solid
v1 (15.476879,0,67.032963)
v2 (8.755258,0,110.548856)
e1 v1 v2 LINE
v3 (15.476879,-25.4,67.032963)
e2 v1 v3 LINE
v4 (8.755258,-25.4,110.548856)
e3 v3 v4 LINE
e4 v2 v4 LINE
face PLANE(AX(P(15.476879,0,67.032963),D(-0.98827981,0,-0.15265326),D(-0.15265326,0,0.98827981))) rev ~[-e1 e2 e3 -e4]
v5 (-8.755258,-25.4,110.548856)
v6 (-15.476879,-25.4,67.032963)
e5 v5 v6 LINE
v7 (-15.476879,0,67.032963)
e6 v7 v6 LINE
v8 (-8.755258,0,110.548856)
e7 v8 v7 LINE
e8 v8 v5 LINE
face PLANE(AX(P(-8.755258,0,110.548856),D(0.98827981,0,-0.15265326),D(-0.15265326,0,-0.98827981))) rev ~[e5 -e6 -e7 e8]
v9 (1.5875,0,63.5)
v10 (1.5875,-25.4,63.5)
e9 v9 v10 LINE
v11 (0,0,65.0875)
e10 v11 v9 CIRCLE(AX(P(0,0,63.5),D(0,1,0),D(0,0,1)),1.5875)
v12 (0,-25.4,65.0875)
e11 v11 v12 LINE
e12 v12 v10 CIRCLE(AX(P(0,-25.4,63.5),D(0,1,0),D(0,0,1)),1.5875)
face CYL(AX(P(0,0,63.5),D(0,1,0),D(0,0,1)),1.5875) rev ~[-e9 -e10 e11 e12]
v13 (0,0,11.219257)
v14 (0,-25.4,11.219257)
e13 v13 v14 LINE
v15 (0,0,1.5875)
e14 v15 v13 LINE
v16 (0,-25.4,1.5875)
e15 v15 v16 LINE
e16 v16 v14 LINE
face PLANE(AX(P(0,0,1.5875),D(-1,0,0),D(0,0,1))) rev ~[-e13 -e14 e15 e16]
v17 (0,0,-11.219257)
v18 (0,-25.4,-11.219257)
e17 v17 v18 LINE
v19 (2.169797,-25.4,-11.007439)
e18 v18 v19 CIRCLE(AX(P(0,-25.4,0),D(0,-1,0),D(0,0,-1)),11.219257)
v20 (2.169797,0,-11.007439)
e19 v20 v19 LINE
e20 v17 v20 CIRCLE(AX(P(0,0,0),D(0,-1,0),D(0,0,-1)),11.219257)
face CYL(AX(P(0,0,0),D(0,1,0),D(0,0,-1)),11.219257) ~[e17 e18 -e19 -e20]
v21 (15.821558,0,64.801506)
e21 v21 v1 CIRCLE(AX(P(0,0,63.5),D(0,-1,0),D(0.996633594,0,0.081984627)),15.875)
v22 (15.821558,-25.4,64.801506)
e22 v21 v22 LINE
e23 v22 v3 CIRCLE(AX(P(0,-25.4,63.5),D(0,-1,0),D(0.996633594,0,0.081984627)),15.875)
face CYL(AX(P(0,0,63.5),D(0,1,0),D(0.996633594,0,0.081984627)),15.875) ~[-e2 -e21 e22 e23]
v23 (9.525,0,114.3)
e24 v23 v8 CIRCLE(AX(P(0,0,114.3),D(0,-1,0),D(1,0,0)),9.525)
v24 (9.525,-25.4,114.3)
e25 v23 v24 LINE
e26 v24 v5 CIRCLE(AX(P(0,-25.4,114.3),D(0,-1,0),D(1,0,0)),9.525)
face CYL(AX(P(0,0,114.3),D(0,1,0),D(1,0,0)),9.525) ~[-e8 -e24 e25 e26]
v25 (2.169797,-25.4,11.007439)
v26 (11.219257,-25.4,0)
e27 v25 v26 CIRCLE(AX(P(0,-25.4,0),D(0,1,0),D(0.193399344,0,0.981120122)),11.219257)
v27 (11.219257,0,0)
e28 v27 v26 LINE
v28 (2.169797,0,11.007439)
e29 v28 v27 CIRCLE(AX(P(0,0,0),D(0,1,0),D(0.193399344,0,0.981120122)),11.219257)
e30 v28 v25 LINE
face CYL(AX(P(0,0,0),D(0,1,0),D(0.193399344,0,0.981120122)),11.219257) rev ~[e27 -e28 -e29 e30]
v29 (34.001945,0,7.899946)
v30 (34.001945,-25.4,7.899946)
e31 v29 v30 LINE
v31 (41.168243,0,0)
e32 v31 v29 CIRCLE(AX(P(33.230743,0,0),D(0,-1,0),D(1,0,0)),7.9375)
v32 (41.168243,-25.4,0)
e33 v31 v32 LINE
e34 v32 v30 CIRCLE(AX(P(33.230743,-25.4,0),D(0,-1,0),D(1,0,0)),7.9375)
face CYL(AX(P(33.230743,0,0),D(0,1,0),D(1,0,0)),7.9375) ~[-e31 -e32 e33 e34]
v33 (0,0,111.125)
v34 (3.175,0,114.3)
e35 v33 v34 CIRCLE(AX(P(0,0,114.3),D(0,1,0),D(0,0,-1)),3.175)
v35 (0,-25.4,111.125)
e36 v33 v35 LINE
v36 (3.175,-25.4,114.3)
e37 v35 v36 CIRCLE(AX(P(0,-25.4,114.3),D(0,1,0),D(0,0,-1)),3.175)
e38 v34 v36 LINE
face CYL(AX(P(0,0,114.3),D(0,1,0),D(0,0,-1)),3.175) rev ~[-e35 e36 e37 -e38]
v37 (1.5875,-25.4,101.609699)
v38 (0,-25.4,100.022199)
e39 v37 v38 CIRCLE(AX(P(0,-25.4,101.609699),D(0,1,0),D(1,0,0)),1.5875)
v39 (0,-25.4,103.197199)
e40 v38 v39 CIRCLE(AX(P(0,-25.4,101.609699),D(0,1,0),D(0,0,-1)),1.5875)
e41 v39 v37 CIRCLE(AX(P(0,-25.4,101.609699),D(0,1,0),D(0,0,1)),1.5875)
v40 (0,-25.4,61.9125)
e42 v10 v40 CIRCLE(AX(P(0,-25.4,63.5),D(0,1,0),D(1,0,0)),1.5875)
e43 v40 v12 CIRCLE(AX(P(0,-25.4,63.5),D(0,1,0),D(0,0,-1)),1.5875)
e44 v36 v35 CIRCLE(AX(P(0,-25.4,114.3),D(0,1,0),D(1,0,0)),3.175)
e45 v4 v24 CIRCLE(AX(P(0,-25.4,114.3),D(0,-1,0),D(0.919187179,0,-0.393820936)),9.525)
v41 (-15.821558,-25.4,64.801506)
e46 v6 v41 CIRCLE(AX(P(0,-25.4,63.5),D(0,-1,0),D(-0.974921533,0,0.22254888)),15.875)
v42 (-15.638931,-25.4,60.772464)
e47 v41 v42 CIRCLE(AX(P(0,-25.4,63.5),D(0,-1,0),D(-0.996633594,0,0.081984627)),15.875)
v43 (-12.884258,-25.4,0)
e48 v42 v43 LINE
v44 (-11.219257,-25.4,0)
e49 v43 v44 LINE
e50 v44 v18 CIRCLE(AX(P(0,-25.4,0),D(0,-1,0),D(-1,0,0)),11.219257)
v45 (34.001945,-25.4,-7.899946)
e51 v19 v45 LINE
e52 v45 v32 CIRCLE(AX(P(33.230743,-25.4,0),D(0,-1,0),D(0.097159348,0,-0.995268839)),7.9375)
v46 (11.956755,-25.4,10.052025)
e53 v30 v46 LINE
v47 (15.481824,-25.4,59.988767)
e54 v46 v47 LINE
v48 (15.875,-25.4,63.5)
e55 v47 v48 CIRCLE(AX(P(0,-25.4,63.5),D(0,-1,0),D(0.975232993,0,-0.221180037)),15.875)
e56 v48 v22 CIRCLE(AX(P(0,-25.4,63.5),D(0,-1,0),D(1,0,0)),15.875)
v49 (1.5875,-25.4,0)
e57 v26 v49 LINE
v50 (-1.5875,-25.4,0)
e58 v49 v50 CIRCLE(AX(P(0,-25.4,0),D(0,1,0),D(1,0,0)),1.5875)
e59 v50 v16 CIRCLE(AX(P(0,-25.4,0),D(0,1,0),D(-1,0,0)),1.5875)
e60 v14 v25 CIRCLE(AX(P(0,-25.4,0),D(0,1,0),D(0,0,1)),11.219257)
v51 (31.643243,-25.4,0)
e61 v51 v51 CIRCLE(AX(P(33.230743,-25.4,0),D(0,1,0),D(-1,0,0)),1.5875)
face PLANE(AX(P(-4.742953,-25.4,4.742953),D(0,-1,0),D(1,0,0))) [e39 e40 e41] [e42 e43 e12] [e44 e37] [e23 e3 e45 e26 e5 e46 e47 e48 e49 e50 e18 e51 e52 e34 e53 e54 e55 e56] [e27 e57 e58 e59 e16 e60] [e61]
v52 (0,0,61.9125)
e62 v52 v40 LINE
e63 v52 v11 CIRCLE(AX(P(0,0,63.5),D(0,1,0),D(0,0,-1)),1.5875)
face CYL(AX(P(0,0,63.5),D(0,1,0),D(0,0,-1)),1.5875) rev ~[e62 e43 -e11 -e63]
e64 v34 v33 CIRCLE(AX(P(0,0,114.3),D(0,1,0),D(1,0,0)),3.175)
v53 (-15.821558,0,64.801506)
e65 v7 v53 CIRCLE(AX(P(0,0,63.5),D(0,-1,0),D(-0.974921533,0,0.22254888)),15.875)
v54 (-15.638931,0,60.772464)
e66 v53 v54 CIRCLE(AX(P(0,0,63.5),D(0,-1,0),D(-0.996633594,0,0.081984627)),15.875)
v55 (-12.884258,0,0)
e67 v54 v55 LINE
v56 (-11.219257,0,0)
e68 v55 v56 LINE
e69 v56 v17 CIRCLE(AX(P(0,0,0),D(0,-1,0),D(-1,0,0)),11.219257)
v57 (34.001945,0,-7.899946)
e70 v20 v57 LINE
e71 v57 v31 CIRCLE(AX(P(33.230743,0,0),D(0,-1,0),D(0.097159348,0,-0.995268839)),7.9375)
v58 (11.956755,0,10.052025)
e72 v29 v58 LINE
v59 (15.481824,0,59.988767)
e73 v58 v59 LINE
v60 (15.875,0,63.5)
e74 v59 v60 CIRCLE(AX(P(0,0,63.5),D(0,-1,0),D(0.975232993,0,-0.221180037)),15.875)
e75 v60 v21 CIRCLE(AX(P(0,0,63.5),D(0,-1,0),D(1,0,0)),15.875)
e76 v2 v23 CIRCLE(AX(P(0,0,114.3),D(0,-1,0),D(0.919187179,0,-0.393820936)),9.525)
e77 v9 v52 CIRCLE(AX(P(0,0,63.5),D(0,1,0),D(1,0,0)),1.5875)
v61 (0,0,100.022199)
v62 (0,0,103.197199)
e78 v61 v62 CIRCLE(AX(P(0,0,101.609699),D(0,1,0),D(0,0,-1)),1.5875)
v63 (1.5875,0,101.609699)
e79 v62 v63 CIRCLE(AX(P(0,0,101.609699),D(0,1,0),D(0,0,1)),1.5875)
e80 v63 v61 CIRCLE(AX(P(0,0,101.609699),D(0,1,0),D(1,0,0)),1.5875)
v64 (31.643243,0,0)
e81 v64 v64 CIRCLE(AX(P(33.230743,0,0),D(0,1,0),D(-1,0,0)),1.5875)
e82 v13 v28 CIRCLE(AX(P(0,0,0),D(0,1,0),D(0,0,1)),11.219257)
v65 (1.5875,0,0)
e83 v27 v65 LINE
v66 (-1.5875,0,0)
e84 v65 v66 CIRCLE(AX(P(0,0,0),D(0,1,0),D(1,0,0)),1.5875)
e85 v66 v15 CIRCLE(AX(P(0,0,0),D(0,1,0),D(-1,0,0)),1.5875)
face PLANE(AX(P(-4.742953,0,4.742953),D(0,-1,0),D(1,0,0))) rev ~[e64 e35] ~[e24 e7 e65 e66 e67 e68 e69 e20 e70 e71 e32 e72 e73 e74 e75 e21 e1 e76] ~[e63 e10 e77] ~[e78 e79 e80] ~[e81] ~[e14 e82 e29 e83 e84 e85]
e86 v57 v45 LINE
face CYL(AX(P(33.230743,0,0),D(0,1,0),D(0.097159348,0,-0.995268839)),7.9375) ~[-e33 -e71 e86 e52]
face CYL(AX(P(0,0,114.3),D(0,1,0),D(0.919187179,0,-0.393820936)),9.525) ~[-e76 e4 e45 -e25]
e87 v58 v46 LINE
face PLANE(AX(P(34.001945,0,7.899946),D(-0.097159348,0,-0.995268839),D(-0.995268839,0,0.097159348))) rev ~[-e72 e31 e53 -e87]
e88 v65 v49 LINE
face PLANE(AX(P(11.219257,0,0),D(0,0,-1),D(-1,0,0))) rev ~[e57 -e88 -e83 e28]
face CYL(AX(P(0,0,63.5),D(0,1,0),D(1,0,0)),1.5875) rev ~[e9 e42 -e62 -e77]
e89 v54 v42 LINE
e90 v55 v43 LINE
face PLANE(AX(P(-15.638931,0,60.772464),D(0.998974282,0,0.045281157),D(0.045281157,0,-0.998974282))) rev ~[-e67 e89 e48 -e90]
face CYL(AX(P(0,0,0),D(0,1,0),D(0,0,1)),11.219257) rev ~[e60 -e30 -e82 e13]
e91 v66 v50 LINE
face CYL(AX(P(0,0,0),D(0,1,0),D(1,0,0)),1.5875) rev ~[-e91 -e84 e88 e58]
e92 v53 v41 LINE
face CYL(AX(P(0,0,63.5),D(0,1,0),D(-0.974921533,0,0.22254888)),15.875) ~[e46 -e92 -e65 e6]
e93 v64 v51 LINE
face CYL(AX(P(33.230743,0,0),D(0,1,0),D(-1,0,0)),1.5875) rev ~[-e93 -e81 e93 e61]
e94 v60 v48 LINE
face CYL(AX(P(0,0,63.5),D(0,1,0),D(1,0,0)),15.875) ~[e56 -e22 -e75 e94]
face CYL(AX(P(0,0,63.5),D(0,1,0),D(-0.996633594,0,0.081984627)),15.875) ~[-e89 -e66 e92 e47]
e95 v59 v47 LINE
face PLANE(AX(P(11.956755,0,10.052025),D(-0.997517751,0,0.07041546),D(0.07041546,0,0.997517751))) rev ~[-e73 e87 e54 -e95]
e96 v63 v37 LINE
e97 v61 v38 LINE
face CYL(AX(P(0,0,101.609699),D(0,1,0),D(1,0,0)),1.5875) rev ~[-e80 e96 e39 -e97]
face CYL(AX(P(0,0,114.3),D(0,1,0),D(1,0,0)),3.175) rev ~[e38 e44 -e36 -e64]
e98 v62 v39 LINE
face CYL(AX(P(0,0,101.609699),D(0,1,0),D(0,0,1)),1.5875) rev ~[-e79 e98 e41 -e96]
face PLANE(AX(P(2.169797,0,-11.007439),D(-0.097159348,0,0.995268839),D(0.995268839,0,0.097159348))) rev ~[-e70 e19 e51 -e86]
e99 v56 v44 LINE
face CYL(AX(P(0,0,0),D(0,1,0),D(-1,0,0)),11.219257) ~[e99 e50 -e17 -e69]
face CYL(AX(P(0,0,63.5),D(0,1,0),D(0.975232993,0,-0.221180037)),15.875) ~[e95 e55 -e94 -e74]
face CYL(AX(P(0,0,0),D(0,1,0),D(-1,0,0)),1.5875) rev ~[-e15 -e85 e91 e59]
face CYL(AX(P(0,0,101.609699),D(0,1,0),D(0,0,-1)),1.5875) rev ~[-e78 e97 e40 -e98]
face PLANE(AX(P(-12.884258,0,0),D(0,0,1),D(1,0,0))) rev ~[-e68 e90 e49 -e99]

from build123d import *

# Parameters (mm, degrees)
F1_DEPTH = 25.4


with BuildPart() as f1:
    # F0 (on Front) → F1 (new body)
    with BuildSketch(Plane.XZ):
        with BuildLine():
            ThreePointArc((-1.5875, 0), (-1.1225320151, 1.1225320151), (0, 1.5875))
            Line((0, 1.5875), (0, 11.2192574161))
            ThreePointArc((0, 11.2192574161), (-7.9332129988, 7.9332129988), (-11.2192574161, 0))
            Line((-11.2192574161, 0), (-1.5875, 0))
        make_face()
        with BuildLine():
            Line((11.2192574161, 0), (1.5875, 0))
            ThreePointArc((1.5875, 0), (0, -1.5875), (-1.5875, 0))
            Line((-1.5875, 0), (-11.2192574161, 0))
            ThreePointArc((-11.2192574161, 0), (-7.9332129988, -7.9332129988), (0, -11.2192574161))
            Line((0, -11.2192574161), (2.1697970219, -11.007439205))
            ThreePointArc((2.1697970219, -11.007439205), (8.6664654935, -7.1248938813), (11.2192574161, 0))
        make_face()
        with BuildLine():
            ThreePointArc((-11.2192574161, 0), (-7.9332129988, 7.9332129988), (0, 11.2192574161))
            Line((0, 11.2192574161), (0, 47.625))
            ThreePointArc((0, 47.625), (-10.2155761082, 51.3485544162), (-15.6389312991, 60.7724639652))
            Line((-15.6389312991, 60.7724639652), (-12.8842582926, 0))
            Line((-12.8842582926, 0), (-11.2192574161, 0))
        make_face()
        with BuildLine():
            Line((0, 47.625), (0, 11.2192574161))
            ThreePointArc((0, 11.2192574161), (1.0900557407, 11.166177298), (2.1697970219, 11.007439205))
            Line((2.1697970219, 11.007439205), (11.9567549914, 10.0520245243))
            Line((11.9567549914, 10.0520245243), (15.4818237673, 59.9887669064))
            ThreePointArc((15.4818237673, 59.9887669064), (9.9064322447, 51.0952337716), (0, 47.625))
        make_face()
        with BuildLine():
            ThreePointArc((2.1697970219, 11.007439205), (8.6664654935, 7.1248938813), (11.2192574161, 0))
            Line((11.2192574161, 0), (11.2471757098, 0))
            Line((11.2471757098, 0), (11.9567549914, 10.0520245243))
            Line((11.9567549914, 10.0520245243), (2.1697970219, 11.007439205))
        make_face()
        with BuildLine():
            Line((11.2471757098, 0), (11.2192574161, 0))
            ThreePointArc((11.2192574161, 0), (8.6664654935, -7.1248938813), (2.1697970219, -11.007439205))
            Line((2.1697970219, -11.007439205), (34.0019449122, -7.8999464061))
            ThreePointArc((34.0019449122, -7.8999464061), (27.8977093115, -5.8790018171), (25.2932425839, 0))
            Line((25.2932425839, 0), (11.2471757098, 0))
        make_face()
        with BuildLine():
            ThreePointArc((-15.6389312991, 60.7724639652), (-10.2155761082, 51.3485544162), (0, 47.625))
            Line((0, 47.625), (0, 61.9125))
            ThreePointArc((0, 61.9125), (-1.5875, 63.5), (0, 65.0875))
            Line((0, 65.0875), (0, 79.375))
            ThreePointArc((0, 79.375), (-9.8977227148, 75.9117166444), (-15.47687934, 67.0329634722))
            Line((-15.47687934, 67.0329634722), (-15.8215583064, 64.8015059575))
            Line((-15.8215583064, 64.8015059575), (-15.6389312991, 60.7724639652))
        make_face()
        with BuildLine():
            Line((0, 61.9125), (0, 47.625))
            ThreePointArc((0, 47.625), (9.9064322447, 51.0952337716), (15.4818237673, 59.9887669064))
            Line((15.4818237673, 59.9887669064), (15.8215583064, 64.8015059575))
            Line((15.8215583064, 64.8015059575), (15.47687934, 67.0329634722))
            ThreePointArc((15.47687934, 67.0329634722), (9.8977227148, 75.9117166444), (0, 79.375))
            Line((0, 79.375), (0, 65.0875))
            ThreePointArc((0, 65.0875), (1.1225320151, 64.6225320151), (1.5875, 63.5))
            ThreePointArc((1.5875, 63.5), (1.1225320151, 62.3774679849), (0, 61.9125))
        make_face()
        with BuildLine():
            Line((11.9567549914, 10.0520245243), (11.2471757098, 0))
            Line((11.2471757098, 0), (25.2932425839, 0))
            ThreePointArc((25.2932425839, 0), (27.8977093115, 5.8790018171), (34.0019449122, 7.8999464061))
            Line((34.0019449122, 7.8999464061), (11.9567549914, 10.0520245243))
        make_face()
        with BuildLine():
            ThreePointArc((0, -11.2192574161), (1.0900557407, -11.166177298), (2.1697970219, -11.007439205))
            Line((2.1697970219, -11.007439205), (0, -11.2192574161))
        make_face()
        with BuildLine():
            ThreePointArc((-15.8215583064, 64.8015059575), (-15.8587167324, 62.7811616306), (-15.6389312991, 60.7724639652))
            Line((-15.6389312991, 60.7724639652), (-15.8215583064, 64.8015059575))
        make_face()
        with BuildLine():
            Line((15.8215583064, 64.8015059575), (15.4818237673, 59.9887669064))
            ThreePointArc((15.4818237673, 59.9887669064), (15.7763997367, 61.7334110985), (15.875, 63.5))
            ThreePointArc((15.875, 63.5), (15.8616339498, 64.1513013458), (15.8215583064, 64.8015059575))
        make_face()
        with BuildLine():
            ThreePointArc((34.0019449122, 7.8999464061), (27.8977093115, 5.8790018171), (25.2932425839, 0))
            ThreePointArc((25.2932425839, 0), (27.8977093115, -5.8790018171), (34.0019449122, -7.8999464061))
            ThreePointArc((34.0019449122, -7.8999464061), (39.109744401, -5.3330332724), (41.1682425839, 0))
            ThreePointArc((41.1682425839, 0), (39.109744401, 5.3330332724), (34.0019449122, 7.8999464061))
        make_face()
        with BuildLine():
            ThreePointArc((34.8182425839, 0), (33.2307425839, -1.5875), (31.6432425839, 0))
            ThreePointArc((31.6432425839, 0), (33.2307425839, 1.5875), (34.8182425839, 0))
        make_face(mode=Mode.SUBTRACT)
        with BuildLine():
            ThreePointArc((-15.47687934, 67.0329634722), (-15.6889419795, 65.9233704967), (-15.8215583064, 64.8015059575))
            Line((-15.8215583064, 64.8015059575), (-15.47687934, 67.0329634722))
        make_face()
        with BuildLine():
            Line((15.47687934, 67.0329634722), (15.8215583064, 64.8015059575))
            ThreePointArc((15.8215583064, 64.8015059575), (15.6889419795, 65.9233704967), (15.47687934, 67.0329634722))
        make_face()
        with BuildLine():
            ThreePointArc((-15.47687934, 67.0329634722), (-9.8977227148, 75.9117166444), (0, 79.375))
            Line((0, 79.375), (0, 100.0221994281))
            ThreePointArc((0, 100.0221994281), (-1.5875, 101.6096994281), (0, 103.1971994281))
            Line((0, 103.1971994281), (0, 104.775))
            ThreePointArc((0, 104.775), (-5.2438523258, 106.3484191644), (-8.755257881, 110.5488555831))
            Line((-8.755257881, 110.5488555831), (-15.47687934, 67.0329634722))
        make_face()
        with BuildLine():
            Line((0, 100.0221994281), (0, 79.375))
            ThreePointArc((0, 79.375), (9.8977227148, 75.9117166444), (15.47687934, 67.0329634722))
            Line((15.47687934, 67.0329634722), (8.755257881, 110.5488555831))
            ThreePointArc((8.755257881, 110.5488555831), (5.2438523258, 106.3484191644), (0, 104.775))
            Line((0, 104.775), (0, 103.1971994281))
            ThreePointArc((0, 103.1971994281), (1.1225320151, 102.7322314432), (1.5875, 101.6096994281))
            ThreePointArc((1.5875, 101.6096994281), (1.1225320151, 100.4871674129), (0, 100.0221994281))
        make_face()
        with BuildLine():
            ThreePointArc((9.525, 114.3), (-1.9146531909, 123.6305802691), (-8.755257881, 110.5488555831))
            ThreePointArc((-8.755257881, 110.5488555831), (-5.2438523258, 106.3484191644), (0, 104.775))
            ThreePointArc((0, 104.775), (5.2438523258, 106.3484191644), (8.755257881, 110.5488555831))
            ThreePointArc((8.755257881, 110.5488555831), (9.3305802691, 112.3853468091), (9.525, 114.3))
        make_face()
        with BuildLine():
            ThreePointArc((3.175, 114.3), (2.2450640303, 112.0549359697), (0, 111.125))
            ThreePointArc((0, 111.125), (-2.2450640303, 116.5450640303), (3.175, 114.3))
        make_face(mode=Mode.SUBTRACT)
    extrude(amount=F1_DEPTH)


solid = f1.part
